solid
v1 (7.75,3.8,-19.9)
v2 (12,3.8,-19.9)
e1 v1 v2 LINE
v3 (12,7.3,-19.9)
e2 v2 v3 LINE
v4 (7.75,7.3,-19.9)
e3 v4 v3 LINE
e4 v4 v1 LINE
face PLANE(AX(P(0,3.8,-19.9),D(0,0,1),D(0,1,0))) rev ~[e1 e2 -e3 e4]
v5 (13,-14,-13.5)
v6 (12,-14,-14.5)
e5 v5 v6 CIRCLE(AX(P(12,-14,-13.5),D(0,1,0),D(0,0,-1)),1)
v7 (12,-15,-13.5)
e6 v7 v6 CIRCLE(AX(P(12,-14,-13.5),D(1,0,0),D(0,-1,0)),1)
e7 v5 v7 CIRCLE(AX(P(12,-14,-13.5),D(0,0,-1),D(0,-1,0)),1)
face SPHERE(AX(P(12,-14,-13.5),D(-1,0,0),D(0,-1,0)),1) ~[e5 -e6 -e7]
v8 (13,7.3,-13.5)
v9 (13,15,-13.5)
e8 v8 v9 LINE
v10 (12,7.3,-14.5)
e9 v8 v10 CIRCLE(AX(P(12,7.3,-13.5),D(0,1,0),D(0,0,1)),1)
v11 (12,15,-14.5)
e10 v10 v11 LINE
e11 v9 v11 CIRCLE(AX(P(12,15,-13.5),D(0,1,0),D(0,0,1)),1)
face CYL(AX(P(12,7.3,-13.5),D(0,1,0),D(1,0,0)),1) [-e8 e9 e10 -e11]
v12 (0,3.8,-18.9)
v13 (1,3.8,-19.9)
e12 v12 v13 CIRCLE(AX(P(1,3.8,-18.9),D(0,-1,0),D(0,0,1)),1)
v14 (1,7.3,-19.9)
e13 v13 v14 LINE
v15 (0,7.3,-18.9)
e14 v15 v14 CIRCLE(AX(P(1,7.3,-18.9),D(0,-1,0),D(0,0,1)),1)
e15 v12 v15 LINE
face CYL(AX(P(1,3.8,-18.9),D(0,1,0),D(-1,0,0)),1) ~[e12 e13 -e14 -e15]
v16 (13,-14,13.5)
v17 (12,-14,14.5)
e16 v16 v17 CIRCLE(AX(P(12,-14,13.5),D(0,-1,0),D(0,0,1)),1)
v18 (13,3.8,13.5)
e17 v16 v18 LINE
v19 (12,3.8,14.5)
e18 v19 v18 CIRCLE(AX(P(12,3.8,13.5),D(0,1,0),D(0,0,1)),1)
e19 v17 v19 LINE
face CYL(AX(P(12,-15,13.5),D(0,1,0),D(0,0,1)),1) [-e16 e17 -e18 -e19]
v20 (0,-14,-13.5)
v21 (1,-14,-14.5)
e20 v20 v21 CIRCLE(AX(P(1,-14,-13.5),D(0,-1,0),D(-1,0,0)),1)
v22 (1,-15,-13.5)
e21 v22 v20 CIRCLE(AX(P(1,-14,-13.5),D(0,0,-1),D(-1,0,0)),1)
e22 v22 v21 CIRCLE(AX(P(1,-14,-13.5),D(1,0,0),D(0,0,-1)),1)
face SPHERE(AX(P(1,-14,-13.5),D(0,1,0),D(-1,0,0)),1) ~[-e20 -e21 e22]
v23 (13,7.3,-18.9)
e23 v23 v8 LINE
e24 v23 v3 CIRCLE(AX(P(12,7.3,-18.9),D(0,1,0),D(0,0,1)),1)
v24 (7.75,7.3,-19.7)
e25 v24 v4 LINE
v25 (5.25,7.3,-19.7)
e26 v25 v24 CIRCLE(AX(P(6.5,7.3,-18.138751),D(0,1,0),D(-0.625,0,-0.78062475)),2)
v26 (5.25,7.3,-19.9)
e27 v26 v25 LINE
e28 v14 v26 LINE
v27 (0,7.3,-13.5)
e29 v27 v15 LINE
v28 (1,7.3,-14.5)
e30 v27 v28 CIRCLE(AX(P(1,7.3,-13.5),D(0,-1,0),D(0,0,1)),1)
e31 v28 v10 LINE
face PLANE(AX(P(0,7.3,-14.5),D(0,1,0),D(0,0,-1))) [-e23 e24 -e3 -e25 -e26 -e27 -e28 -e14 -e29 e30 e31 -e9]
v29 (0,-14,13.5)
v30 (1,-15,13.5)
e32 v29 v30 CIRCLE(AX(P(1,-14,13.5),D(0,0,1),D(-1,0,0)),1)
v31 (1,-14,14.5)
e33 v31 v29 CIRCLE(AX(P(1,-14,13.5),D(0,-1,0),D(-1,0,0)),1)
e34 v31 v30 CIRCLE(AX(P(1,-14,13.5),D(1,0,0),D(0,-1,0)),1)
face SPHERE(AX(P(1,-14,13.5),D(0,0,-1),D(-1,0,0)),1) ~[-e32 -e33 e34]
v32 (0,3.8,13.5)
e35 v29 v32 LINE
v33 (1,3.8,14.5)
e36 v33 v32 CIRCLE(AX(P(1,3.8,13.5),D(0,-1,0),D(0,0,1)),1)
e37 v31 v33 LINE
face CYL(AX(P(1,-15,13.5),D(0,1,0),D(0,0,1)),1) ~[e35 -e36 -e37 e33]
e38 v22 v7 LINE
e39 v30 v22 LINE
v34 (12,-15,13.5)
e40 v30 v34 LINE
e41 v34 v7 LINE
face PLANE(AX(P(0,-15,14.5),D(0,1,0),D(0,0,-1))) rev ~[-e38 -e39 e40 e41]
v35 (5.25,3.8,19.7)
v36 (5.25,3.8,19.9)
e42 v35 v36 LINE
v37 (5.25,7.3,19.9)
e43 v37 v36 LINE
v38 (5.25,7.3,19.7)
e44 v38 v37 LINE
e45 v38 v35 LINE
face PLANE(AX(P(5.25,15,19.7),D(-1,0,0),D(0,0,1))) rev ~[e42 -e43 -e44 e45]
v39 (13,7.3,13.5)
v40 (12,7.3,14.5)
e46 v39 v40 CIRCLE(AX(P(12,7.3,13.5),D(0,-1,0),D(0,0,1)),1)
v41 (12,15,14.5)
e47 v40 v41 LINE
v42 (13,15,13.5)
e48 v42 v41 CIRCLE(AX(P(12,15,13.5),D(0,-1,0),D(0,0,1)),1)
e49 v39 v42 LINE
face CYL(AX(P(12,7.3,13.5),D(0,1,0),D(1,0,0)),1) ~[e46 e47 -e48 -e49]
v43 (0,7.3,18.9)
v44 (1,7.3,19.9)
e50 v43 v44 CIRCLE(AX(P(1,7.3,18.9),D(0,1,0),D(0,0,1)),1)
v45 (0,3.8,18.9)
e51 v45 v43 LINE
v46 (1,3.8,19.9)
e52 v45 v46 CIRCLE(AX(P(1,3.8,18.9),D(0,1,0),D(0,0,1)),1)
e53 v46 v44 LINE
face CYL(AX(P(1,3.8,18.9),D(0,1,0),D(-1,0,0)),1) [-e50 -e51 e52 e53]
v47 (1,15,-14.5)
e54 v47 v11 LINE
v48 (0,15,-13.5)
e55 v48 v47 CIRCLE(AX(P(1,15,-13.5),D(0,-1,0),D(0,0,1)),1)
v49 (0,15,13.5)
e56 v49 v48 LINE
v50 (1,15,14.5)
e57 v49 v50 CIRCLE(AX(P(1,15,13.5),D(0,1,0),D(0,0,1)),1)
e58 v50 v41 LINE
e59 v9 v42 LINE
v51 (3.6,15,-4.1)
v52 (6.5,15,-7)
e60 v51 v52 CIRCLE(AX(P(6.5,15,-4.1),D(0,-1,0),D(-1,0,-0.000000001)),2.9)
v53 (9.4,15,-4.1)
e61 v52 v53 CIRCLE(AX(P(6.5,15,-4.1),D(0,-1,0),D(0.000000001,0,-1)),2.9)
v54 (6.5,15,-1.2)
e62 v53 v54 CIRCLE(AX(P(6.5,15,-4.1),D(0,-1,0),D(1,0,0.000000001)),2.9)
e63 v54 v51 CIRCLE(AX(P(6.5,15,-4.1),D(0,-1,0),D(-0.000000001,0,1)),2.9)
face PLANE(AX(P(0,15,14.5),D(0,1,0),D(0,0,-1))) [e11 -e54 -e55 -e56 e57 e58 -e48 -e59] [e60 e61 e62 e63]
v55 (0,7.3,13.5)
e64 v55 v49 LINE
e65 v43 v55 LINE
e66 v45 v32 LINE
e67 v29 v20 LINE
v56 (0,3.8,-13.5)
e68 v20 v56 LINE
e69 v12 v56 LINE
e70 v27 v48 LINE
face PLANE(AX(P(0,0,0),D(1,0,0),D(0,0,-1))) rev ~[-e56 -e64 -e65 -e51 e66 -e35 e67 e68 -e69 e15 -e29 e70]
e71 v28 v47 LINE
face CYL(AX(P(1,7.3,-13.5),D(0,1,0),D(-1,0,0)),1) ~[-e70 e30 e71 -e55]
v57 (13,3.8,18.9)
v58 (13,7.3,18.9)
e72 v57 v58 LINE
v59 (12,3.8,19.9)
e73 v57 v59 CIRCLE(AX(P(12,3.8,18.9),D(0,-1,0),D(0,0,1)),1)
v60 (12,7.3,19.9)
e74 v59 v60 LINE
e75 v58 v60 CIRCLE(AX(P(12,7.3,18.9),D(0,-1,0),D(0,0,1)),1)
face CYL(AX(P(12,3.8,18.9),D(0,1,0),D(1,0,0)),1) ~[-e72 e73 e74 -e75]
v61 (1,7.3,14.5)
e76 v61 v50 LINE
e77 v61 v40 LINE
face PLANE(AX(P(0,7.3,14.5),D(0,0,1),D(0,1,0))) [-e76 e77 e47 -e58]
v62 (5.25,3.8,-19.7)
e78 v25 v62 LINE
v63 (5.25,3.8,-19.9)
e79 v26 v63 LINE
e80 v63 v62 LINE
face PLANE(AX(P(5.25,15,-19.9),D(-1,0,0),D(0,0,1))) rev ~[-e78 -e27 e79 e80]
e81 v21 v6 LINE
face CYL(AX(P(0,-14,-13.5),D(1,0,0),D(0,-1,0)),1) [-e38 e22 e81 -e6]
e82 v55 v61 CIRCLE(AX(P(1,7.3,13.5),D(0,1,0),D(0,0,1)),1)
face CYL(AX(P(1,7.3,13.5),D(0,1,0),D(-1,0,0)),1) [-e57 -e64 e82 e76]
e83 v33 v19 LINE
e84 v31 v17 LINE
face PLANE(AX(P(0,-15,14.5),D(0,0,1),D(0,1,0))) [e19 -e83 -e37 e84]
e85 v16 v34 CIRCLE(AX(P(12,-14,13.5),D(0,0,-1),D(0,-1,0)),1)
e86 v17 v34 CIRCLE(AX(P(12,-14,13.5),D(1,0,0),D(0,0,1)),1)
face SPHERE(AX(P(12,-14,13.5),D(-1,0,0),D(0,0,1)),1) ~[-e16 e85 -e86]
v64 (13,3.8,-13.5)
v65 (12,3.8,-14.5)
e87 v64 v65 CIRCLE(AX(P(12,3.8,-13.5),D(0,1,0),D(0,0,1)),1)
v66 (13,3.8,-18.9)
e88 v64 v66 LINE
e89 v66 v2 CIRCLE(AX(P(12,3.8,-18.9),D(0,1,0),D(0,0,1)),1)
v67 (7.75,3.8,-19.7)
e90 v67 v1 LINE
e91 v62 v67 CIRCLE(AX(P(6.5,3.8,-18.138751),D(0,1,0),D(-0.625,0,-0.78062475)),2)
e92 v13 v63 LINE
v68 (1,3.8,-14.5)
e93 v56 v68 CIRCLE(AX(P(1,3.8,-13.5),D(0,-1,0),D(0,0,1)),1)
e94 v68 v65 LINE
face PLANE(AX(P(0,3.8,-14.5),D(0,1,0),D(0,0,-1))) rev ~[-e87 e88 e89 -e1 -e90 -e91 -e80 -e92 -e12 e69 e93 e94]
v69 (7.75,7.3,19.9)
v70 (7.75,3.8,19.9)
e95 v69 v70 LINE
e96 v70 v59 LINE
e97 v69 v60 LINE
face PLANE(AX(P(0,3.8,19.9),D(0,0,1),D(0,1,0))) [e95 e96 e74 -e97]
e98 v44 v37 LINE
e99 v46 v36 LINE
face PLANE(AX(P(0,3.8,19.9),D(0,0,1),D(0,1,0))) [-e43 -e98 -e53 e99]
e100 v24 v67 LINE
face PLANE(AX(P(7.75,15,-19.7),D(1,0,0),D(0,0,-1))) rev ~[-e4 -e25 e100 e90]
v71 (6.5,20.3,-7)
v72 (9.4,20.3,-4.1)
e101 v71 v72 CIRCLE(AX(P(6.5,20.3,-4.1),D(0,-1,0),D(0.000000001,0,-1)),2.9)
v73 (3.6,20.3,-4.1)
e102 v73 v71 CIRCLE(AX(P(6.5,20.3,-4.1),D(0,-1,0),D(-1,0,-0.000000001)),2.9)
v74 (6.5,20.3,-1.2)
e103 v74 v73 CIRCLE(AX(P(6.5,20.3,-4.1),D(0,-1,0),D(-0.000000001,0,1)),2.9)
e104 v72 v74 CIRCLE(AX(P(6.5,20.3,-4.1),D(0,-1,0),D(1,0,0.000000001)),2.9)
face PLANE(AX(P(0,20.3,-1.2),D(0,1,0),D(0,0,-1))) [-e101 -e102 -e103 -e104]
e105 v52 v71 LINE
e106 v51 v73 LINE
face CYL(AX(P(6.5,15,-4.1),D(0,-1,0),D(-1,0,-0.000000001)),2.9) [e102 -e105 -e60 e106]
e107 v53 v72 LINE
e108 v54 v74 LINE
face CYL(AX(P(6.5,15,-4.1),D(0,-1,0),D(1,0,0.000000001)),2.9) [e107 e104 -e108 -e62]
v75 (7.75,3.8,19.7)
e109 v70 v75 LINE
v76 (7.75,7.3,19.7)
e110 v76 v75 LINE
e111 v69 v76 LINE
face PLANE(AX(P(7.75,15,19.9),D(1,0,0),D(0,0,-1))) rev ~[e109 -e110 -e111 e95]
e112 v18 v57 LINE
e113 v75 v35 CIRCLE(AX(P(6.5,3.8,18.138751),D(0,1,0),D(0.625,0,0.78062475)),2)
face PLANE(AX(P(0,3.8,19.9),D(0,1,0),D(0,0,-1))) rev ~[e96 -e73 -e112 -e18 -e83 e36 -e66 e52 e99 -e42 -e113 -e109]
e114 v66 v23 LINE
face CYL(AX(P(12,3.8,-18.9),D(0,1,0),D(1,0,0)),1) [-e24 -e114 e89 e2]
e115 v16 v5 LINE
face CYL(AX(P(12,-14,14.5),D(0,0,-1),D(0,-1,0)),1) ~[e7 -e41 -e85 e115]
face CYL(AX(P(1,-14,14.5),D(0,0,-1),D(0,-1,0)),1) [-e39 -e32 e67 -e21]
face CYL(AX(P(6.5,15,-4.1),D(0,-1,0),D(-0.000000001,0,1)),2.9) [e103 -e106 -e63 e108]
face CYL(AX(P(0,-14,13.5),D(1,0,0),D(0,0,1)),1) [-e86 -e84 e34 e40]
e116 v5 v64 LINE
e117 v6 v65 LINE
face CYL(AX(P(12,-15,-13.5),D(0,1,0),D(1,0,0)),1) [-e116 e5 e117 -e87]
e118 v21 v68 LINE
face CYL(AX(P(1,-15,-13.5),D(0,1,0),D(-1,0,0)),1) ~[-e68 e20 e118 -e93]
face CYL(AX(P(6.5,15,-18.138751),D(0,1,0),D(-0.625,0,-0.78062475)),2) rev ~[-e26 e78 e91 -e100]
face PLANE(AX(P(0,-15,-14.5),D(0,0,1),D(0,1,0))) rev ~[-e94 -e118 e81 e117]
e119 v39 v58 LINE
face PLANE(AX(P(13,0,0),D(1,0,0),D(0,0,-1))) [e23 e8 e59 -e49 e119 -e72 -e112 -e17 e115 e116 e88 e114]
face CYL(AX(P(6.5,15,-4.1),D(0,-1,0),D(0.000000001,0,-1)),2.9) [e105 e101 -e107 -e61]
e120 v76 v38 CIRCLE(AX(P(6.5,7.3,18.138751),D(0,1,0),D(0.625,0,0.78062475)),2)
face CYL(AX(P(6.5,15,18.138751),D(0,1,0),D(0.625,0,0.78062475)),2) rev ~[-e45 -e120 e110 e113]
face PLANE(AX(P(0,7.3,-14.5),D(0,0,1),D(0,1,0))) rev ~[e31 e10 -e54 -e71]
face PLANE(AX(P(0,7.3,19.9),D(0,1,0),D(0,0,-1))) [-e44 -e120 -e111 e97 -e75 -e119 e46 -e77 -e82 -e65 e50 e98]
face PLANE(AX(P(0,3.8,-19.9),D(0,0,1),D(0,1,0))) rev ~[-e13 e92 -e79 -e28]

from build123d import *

# Parameters (mm, degrees)
SKETCH2_W           = 29
SKETCH2_H           = 30
SKETCH2_W_2         = 5.4
SKETCH2_H_2         = 3.5
SKETCH2_W_3         = 5.8
SKETCH2_H_3         = 5.3
BOSS_EXTRUDE1_DEPTH = 13
CUT_EXTRUDE1_DEPTH  = 5.3
CUT_EXTRUDE2_DEPTH  = 31
FILLET1_R           = 1


with BuildPart() as part:
    # Sketch2 → Boss-Extrude1 (new body)
    with BuildSketch(Plane(origin=(0, 0, 0), x_dir=(0, 0, -1), z_dir=(1, 0, 0))):
        Rectangle(SKETCH2_W, SKETCH2_H)
        with Locations((-17.2, 5.55)):
            Rectangle(SKETCH2_W_2, SKETCH2_H_2)
        with Locations((4.1, 17.65)):
            Rectangle(SKETCH2_W_3, SKETCH2_H_3)
        with Locations((17.2, 5.55)):
            Rectangle(SKETCH2_W_2, SKETCH2_H_2)
    extrude(amount=BOSS_EXTRUDE1_DEPTH)

    # Sketch3 → Cut-Extrude1 (cut)
    with BuildSketch(Plane(origin=(0, 15, 0), x_dir=(1, 0, 0), z_dir=(0, 1, 0))):
        with BuildLine():
            Line((6.5, 1.2), (9.4, 1.2))
            Line((9.4, 1.2), (9.4, 4.1))
            ThreePointArc((9.4, 4.1), (8.550609665, 2.049390335), (6.5, 1.2))
        make_face()
        with BuildLine():
            ThreePointArc((6.5, 7), (8.550609665, 6.150609665), (9.4, 4.1))
            Line((9.4, 4.1), (9.4, 7))
            Line((9.4, 7), (6.5, 7))
        make_face()
        with BuildLine():
            ThreePointArc((3.6, 4.1), (4.449390335, 6.150609665), (6.5, 7))
            Line((6.5, 7), (3.6, 7))
            Line((3.6, 7), (3.6, 4.1))
        make_face()
        with BuildLine():
            Line((3.6, 1.2), (6.5, 1.2))
            ThreePointArc((6.5, 1.2), (4.449390335, 2.049390335), (3.6, 4.1))
            Line((3.6, 4.1), (3.6, 1.2))
        make_face()
        Polygon((0, 1.2), (3.6, 1.2), (3.6, 4.1), (3.6, 7), (0, 7), align=None)
        Polygon((9.4, 1.2), (13, 1.2), (13, 7), (9.4, 7), (9.4, 4.1), align=None)
        with BuildLine():
            Line((7.75, 19.7), (7.75, 19.9))
            Line((7.75, 19.9), (5.25, 19.9))
            Line((5.25, 19.9), (5.25, 19.7))
            ThreePointArc((5.25, 19.7), (6.5, 16.1387505), (7.75, 19.7))
        make_face()
        with BuildLine():
            Line((5.25, -19.9), (7.75, -19.9))
            Line((7.75, -19.9), (7.75, -19.7))
            ThreePointArc((7.75, -19.7), (6.5, -16.1387505), (5.25, -19.7))
            Line((5.25, -19.7), (5.25, -19.9))
        make_face()
    extrude(amount=CUT_EXTRUDE1_DEPTH, mode=Mode.SUBTRACT)

    # Sketch3<4> → Cut-Extrude2 (cut, through all)
    with BuildSketch(Plane(origin=(0, 15, 0), x_dir=(1, 0, 0), z_dir=(0, 1, 0))):
        with BuildLine():
            Line((7.75, 19.7), (7.75, 19.9))
            Line((7.75, 19.9), (5.25, 19.9))
            Line((5.25, 19.9), (5.25, 19.7))
            ThreePointArc((5.25, 19.7), (6.5, 16.1387505), (7.75, 19.7))
        make_face()
        with BuildLine():
            Line((5.25, -19.9), (7.75, -19.9))
            Line((7.75, -19.9), (7.75, -19.7))
            ThreePointArc((7.75, -19.7), (6.5, -16.1387505), (5.25, -19.7))
            Line((5.25, -19.7), (5.25, -19.9))
        make_face()
    extrude(amount=-CUT_EXTRUDE2_DEPTH, mode=Mode.SUBTRACT)

    # Fillet1
    fillet1_edges = [part.edges().sort_by_distance(p)[0] for p in [
        (0, 5.55, -19.9),
        (0, -5.6, -14.5),
        (0, -15, 0),
        (0, -5.6, 14.5),
        (0, 5.55, 19.9),
        (0, 11.15, 14.5),
        (0, 11.15, -14.5),
        (6.5, -15, -14.5),
        (6.5, -15, 14.5),
        (13, 11.15, 14.5),
        (13, 5.55, 19.9),
        (13, 11.15, -14.5),
        (13, -5.6, 14.5),
        (13, -15, 0),
        (13, -5.6, -14.5),
        (13, 5.55, -19.9),
    ]]
    fillet(fillet1_edges, radius=FILLET1_R)


solid = part.part
